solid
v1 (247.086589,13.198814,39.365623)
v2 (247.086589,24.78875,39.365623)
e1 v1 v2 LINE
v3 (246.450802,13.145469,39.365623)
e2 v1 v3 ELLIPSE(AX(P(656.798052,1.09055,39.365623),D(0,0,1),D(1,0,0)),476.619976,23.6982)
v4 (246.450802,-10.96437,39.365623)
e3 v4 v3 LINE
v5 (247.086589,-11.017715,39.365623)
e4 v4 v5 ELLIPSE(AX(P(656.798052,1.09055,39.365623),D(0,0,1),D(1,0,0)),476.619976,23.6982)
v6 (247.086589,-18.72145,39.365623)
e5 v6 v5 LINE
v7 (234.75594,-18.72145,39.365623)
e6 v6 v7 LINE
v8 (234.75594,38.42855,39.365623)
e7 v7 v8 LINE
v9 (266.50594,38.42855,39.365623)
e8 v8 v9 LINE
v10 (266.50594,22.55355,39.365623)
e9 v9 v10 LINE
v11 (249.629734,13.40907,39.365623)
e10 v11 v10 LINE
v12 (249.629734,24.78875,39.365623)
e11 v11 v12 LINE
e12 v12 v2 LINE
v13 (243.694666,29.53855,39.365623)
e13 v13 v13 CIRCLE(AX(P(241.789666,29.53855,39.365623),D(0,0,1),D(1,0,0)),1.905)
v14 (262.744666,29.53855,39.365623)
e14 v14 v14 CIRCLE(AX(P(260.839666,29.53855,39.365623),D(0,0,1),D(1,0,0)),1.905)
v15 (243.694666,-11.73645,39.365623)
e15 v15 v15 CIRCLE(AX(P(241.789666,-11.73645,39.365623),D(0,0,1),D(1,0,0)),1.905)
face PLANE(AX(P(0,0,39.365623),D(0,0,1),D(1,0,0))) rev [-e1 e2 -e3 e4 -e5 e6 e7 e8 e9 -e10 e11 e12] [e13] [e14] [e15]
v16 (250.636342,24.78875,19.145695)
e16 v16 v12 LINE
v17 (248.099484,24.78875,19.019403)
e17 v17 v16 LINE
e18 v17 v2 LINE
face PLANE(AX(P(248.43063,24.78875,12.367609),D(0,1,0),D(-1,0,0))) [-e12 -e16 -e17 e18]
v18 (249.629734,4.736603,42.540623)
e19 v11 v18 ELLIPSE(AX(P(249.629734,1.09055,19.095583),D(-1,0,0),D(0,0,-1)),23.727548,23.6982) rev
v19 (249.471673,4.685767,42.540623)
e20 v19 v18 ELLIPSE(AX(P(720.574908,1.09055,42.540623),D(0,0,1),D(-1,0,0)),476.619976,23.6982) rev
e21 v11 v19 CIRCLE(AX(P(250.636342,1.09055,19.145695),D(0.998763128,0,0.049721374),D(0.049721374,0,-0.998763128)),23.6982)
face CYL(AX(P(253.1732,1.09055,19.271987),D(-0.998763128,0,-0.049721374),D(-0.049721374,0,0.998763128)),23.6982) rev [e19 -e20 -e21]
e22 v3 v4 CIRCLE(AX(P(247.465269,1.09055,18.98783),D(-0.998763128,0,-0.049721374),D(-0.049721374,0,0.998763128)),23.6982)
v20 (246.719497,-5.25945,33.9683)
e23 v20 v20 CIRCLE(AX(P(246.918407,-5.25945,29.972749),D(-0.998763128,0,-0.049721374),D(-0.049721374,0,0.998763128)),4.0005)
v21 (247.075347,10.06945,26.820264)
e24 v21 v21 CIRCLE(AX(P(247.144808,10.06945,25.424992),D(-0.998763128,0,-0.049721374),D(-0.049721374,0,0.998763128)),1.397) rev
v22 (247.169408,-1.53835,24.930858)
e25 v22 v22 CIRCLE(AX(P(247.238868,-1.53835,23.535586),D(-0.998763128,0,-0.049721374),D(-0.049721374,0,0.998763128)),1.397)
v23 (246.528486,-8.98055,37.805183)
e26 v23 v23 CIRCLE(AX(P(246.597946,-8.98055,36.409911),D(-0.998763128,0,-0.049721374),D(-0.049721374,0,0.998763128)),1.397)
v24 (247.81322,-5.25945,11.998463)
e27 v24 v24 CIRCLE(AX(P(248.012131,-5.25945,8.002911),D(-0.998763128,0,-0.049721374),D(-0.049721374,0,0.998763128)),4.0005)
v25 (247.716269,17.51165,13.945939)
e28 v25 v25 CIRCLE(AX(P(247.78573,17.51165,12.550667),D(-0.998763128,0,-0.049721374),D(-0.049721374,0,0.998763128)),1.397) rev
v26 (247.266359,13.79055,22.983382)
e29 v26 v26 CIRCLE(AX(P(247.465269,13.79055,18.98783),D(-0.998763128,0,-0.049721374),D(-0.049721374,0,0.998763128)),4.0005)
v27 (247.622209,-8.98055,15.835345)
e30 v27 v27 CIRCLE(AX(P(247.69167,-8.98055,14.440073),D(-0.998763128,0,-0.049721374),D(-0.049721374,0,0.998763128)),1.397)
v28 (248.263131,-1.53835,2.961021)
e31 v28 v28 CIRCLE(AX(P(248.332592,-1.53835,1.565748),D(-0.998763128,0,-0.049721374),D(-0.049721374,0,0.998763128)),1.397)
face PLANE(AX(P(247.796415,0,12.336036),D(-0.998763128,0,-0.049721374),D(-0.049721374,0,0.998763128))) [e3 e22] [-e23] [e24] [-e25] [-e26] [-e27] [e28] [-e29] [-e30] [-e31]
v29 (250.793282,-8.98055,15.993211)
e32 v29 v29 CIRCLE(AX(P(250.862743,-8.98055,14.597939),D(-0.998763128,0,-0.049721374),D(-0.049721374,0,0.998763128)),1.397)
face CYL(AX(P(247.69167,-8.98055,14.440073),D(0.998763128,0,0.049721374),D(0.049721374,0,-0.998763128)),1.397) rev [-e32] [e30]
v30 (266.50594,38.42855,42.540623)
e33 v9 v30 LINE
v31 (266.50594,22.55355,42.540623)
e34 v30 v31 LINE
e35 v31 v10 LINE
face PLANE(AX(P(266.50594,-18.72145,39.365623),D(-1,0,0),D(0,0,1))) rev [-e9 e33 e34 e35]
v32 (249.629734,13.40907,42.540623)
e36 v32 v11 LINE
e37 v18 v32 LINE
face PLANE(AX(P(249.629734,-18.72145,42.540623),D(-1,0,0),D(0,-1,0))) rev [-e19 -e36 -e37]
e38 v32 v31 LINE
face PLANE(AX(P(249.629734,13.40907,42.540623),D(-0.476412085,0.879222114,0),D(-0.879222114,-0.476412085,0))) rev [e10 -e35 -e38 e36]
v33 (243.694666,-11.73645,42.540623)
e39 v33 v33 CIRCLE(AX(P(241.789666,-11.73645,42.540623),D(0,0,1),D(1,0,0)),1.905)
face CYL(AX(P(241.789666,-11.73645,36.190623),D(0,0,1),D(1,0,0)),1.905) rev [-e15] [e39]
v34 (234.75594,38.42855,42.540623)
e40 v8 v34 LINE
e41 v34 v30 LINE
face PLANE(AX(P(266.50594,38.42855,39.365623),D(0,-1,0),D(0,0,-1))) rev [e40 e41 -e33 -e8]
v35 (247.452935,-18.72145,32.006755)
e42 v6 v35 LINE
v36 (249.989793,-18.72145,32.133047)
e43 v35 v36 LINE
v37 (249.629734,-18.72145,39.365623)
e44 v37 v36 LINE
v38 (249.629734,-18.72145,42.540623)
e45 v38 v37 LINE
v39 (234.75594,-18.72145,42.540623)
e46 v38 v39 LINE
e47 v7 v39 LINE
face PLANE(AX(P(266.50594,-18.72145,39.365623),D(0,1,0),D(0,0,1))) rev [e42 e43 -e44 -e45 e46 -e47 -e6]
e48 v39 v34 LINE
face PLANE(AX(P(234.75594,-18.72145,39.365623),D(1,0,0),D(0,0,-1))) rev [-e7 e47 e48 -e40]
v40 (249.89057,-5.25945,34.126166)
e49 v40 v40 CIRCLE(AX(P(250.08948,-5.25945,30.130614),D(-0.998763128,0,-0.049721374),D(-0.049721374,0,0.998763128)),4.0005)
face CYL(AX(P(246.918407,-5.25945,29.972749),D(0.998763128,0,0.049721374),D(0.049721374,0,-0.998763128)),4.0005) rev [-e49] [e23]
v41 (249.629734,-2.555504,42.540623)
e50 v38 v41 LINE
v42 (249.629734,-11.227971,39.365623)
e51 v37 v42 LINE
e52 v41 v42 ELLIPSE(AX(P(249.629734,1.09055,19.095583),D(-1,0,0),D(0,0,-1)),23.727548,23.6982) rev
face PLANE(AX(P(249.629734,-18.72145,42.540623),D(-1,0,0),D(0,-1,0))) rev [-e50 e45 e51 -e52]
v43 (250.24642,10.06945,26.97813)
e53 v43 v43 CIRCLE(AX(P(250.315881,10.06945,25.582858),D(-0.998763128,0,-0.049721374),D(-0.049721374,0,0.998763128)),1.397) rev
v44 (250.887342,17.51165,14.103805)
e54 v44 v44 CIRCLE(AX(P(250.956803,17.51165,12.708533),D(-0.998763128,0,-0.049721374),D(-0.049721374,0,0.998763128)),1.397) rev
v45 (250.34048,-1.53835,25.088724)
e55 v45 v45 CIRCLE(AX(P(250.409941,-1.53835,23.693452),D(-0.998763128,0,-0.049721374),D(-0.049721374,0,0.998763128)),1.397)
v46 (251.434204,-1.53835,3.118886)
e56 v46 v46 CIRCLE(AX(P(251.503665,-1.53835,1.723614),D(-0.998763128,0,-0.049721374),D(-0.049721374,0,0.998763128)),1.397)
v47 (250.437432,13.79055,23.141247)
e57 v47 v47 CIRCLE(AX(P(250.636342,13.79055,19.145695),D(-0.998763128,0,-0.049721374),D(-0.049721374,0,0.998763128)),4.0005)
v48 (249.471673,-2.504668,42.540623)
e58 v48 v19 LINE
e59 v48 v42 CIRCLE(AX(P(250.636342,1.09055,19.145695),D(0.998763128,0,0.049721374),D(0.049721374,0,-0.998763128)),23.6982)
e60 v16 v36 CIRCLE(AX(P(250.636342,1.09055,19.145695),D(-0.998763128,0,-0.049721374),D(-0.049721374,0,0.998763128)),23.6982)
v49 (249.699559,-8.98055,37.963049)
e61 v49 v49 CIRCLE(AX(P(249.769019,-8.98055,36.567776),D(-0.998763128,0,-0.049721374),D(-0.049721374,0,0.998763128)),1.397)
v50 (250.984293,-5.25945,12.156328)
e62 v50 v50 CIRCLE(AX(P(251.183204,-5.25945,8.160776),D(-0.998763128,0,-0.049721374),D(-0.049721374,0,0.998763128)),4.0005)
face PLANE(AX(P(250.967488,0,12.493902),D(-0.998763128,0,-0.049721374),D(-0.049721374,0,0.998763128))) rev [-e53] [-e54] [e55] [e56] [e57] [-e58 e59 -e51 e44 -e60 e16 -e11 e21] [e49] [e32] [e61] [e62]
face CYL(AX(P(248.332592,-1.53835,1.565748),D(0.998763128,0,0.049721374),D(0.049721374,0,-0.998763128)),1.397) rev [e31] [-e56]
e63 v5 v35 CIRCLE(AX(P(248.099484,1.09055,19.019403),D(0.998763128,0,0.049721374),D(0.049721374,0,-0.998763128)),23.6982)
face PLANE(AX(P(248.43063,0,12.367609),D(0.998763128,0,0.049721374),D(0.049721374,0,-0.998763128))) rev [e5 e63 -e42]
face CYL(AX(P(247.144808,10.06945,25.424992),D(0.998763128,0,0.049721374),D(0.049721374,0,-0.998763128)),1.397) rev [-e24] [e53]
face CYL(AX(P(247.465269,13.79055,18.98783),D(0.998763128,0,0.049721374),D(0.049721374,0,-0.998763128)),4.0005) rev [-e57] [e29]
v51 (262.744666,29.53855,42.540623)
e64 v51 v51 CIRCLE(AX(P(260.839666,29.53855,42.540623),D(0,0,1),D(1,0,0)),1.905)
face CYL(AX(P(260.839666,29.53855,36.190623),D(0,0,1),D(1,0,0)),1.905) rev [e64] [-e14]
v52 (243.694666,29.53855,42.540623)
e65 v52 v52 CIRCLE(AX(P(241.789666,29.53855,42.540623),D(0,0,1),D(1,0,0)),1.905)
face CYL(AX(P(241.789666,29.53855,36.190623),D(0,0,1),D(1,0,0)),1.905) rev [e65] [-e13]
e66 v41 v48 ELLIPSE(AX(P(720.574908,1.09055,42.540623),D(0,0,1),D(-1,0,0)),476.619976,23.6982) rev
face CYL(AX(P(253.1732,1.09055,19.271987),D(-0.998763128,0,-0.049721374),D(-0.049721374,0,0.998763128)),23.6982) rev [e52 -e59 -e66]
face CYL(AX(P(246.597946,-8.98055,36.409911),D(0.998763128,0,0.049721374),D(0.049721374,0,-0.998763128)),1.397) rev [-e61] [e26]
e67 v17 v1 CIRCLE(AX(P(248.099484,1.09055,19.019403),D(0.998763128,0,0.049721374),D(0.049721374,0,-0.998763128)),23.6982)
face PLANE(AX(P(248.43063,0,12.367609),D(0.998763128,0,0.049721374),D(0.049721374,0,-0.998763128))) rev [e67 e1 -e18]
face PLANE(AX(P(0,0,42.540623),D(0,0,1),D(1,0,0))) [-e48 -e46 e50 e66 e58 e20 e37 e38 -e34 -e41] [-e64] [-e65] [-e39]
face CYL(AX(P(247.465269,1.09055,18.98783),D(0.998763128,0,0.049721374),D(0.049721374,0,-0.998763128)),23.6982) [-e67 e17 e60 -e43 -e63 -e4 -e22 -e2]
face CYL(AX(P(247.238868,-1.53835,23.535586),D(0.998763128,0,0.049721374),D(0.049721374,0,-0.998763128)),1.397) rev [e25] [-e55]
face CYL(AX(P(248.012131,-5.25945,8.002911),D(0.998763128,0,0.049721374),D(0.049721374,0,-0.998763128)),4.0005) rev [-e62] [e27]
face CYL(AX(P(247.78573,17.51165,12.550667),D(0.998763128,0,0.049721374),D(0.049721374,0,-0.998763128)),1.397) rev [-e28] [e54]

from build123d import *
from build123d.topology import SkipClean

# Parameters (mm, degrees)
SKETCH1_R           = 1.397
SKETCH1_R_2         = 4.0005
BOSS_EXTRUDE1_DEPTH = 3.175
SKETCH2_W           = 31.75
SKETCH2_H           = 57.15
BOSS_EXTRUDE2_DEPTH = 3.175
CUT_EXTRUDE2_DEPTH  = 3.175
CUT_EXTRUDE3_START  = 2.54
SKETCH4_R           = 23.6982
CUT_EXTRUDE3_DEPTH  = 2.54
SKETCH5_W           = 14.873793878
SKETCH5_H           = 32.130520557
CUT_EXTRUDE4_DEPTH  = 2.54
BOSS_EXTRUDE3_DEPTH = 2.54
SKETCH9_R           = 1.905
CUT_EXTRUDE6_DEPTH  = 6.35


with BuildPart() as part:
    # Sketch1 → Boss-Extrude1 (new body)
    # profile 1 of 2: a face of its own
    with BuildSketch(Plane(origin=(250.96748785, 0, 12.493901655), x_dir=(-0.04972137386865806, 0, 0.9987631275635946), z_dir=(-0.9987631275635946, -1.0338951916821772e-15, -0.04972137386865806))):
        with BuildLine():
            ThreePointArc((-0.642468938, 23.635575071), (-7.278200133, -18.075315821), (30.358231062, 1.090549523))
            ThreePointArc((30.358231062, 1.090549523), (25.825896406, 15.028780719), (13.962531062, 23.635575071))
            Line((13.962531062, 23.635575071), (13.962531062, 22.014532559))
            ThreePointArc((13.962531062, 22.014532559), (6.660031062, 2.792349523), (-0.642468938, 22.014532559))
            Line((-0.642468938, 22.014532559), (-0.642468938, 23.635575071))
        make_face()
        with Locations((2.106642694, -8.980550477)):
            Circle(SKETCH1_R, mode=Mode.SUBTRACT)
        with Locations((24.103687951, -8.980550477)):
            Circle(SKETCH1_R, mode=Mode.SUBTRACT)
        with Locations((-10.783625826, -1.538350477)):
            Circle(SKETCH1_R, mode=Mode.SUBTRACT)
        with Locations((-4.338491566, -5.259450477)):
            Circle(SKETCH1_R_2, mode=Mode.SUBTRACT)
        with Locations((17.658553691, -5.259450477)):
            Circle(SKETCH1_R_2, mode=Mode.SUBTRACT)
        with Locations((11.21341943, -1.538350477)):
            Circle(SKETCH1_R, mode=Mode.SUBTRACT)
    # profile 2 of 2: a face of its own
    with BuildSketch(Plane(origin=(250.96748785, 0, 12.493901655), x_dir=(-0.04972137386865806, 0, 0.9987631275635946), z_dir=(-0.9987631275635946, -1.0338951916821772e-15, -0.04972137386865806))):
        with BuildLine():
            Line((13.962531062, 22.014532559), (13.962531062, 23.635575071))
            ThreePointArc((13.962531062, 23.635575071), (6.660031062, 24.788749523), (-0.642468938, 23.635575071))
            Line((-0.642468938, 23.635575071), (-0.642468938, 22.014532559))
            ThreePointArc((-0.642468938, 22.014532559), (6.660031062, 2.792349523), (13.962531062, 22.014532559))
        make_face()
        with Locations((6.660031062, 13.790549523)):
            Circle(SKETCH1_R_2, mode=Mode.SUBTRACT)
        with Locations((0.214896802, 17.511649523)):
            Circle(SKETCH1_R, mode=Mode.SUBTRACT)
        with Locations((13.105165323, 10.069449523)):
            Circle(SKETCH1_R, mode=Mode.SUBTRACT)
    extrude(amount=BOSS_EXTRUDE1_DEPTH)

    # Sketch2 → Boss-Extrude2 (add)
    with BuildSketch(Plane(origin=(0, 0, 42.540622794), x_dir=(-1, 0, 0), z_dir=(0, 0, -1))):
        with Locations((-250.630940448, 9.853549523)):
            Rectangle(SKETCH2_W, SKETCH2_H)
    extrude(amount=BOSS_EXTRUDE2_DEPTH)

    # Sketch3 → Cut-Extrude2 (cut)
    with BuildSketch(Plane(origin=(0, 0, 39.365622794), x_dir=(-1, 0, 0), z_dir=(0, 0, -1))):
        Polygon((-249.629734326, 13.40907008), (-266.505940448, 22.553549523), (-266.505940448, -18.721450477), (-249.629734326, -18.721450477), align=None)
    extrude(amount=-CUT_EXTRUDE2_DEPTH, mode=Mode.SUBTRACT)

    # Sketch4 → Cut-Extrude3 (cut)
    with SkipClean():  # the faces are left unmerged after this step: merging them gives an invalid solid
        with BuildSketch(Plane(origin=(250.96748785, 0, 12.493901655), x_dir=(0.049721373868658096, 0, -0.9987631275635946), z_dir=(0.9987631275635946, 1.3357370765021432e-15, 0.049721373868658096)).offset(CUT_EXTRUDE3_START)):
            with Locations((-6.660031062, 1.090549523)):
                Circle(SKETCH4_R)
        extrude(amount=-CUT_EXTRUDE3_DEPTH, mode=Mode.SUBTRACT)

    # Sketch5 → Cut-Extrude4 (cut)
    with SkipClean():  # the faces are left unmerged after this step: merging them gives an invalid solid
        with BuildSketch(Plane.XY.offset(42.540622794)):
            with Locations((242.192837387, -2.656190199)):
                Rectangle(SKETCH5_W, SKETCH5_H)
        extrude(amount=CUT_EXTRUDE4_DEPTH, mode=Mode.SUBTRACT)

    # Sketch6 → Boss-Extrude3 (add)
    with BuildSketch(Plane(origin=(250.96748785, 0, 12.493901655), x_dir=(0.049721373868658096, 0, -0.9987631275635946), z_dir=(0.9987631275635946, 1.335737076502143e-15, 0.049721373868658096))):
        with BuildLine():
            ThreePointArc((-26.904999191, 13.40907008), (-18.272048961, 21.748858349), (-6.660031062, 24.788749523))
            Line((-6.660031062, 24.788749523), (-30.076072121, 24.788749523))
            Line((-30.076072121, 24.788749523), (-30.076072121, 13.40907008))
            Line((-30.076072121, 13.40907008), (-30.076072121, 4.736602785))
            ThreePointArc((-30.076072121, 4.736602785), (-28.91702666, 9.228782144), (-26.904999191, 13.40907008))
        make_face()
        with BuildLine():
            Line((-30.076072121, -2.55550374), (-30.076072121, -18.721450477))
            Line((-30.076072121, -18.721450477), (-19.663466733, -18.721450477))
            ThreePointArc((-19.663466733, -18.721450477), (-23.70122079, -15.377678552), (-26.904999191, -11.227971035))
            ThreePointArc((-26.904999191, -11.227971035), (-28.91702666, -7.047683098), (-30.076072121, -2.55550374))
        make_face()
    extrude(amount=-BOSS_EXTRUDE3_DEPTH)

    # Sketch9 → Cut-Extrude6 (cut)
    with BuildSketch(Plane.XY.offset(42.540622794)):
        with Locations((260.839665535, 29.538549523)):
            Circle(SKETCH9_R)
        with Locations((241.789665535, 29.538549523)):
            Circle(SKETCH9_R)
        with Locations((241.789665535, -11.736450477)):
            Circle(SKETCH9_R)
    extrude(amount=-CUT_EXTRUDE6_DEPTH, mode=Mode.SUBTRACT)


solid = part.part
